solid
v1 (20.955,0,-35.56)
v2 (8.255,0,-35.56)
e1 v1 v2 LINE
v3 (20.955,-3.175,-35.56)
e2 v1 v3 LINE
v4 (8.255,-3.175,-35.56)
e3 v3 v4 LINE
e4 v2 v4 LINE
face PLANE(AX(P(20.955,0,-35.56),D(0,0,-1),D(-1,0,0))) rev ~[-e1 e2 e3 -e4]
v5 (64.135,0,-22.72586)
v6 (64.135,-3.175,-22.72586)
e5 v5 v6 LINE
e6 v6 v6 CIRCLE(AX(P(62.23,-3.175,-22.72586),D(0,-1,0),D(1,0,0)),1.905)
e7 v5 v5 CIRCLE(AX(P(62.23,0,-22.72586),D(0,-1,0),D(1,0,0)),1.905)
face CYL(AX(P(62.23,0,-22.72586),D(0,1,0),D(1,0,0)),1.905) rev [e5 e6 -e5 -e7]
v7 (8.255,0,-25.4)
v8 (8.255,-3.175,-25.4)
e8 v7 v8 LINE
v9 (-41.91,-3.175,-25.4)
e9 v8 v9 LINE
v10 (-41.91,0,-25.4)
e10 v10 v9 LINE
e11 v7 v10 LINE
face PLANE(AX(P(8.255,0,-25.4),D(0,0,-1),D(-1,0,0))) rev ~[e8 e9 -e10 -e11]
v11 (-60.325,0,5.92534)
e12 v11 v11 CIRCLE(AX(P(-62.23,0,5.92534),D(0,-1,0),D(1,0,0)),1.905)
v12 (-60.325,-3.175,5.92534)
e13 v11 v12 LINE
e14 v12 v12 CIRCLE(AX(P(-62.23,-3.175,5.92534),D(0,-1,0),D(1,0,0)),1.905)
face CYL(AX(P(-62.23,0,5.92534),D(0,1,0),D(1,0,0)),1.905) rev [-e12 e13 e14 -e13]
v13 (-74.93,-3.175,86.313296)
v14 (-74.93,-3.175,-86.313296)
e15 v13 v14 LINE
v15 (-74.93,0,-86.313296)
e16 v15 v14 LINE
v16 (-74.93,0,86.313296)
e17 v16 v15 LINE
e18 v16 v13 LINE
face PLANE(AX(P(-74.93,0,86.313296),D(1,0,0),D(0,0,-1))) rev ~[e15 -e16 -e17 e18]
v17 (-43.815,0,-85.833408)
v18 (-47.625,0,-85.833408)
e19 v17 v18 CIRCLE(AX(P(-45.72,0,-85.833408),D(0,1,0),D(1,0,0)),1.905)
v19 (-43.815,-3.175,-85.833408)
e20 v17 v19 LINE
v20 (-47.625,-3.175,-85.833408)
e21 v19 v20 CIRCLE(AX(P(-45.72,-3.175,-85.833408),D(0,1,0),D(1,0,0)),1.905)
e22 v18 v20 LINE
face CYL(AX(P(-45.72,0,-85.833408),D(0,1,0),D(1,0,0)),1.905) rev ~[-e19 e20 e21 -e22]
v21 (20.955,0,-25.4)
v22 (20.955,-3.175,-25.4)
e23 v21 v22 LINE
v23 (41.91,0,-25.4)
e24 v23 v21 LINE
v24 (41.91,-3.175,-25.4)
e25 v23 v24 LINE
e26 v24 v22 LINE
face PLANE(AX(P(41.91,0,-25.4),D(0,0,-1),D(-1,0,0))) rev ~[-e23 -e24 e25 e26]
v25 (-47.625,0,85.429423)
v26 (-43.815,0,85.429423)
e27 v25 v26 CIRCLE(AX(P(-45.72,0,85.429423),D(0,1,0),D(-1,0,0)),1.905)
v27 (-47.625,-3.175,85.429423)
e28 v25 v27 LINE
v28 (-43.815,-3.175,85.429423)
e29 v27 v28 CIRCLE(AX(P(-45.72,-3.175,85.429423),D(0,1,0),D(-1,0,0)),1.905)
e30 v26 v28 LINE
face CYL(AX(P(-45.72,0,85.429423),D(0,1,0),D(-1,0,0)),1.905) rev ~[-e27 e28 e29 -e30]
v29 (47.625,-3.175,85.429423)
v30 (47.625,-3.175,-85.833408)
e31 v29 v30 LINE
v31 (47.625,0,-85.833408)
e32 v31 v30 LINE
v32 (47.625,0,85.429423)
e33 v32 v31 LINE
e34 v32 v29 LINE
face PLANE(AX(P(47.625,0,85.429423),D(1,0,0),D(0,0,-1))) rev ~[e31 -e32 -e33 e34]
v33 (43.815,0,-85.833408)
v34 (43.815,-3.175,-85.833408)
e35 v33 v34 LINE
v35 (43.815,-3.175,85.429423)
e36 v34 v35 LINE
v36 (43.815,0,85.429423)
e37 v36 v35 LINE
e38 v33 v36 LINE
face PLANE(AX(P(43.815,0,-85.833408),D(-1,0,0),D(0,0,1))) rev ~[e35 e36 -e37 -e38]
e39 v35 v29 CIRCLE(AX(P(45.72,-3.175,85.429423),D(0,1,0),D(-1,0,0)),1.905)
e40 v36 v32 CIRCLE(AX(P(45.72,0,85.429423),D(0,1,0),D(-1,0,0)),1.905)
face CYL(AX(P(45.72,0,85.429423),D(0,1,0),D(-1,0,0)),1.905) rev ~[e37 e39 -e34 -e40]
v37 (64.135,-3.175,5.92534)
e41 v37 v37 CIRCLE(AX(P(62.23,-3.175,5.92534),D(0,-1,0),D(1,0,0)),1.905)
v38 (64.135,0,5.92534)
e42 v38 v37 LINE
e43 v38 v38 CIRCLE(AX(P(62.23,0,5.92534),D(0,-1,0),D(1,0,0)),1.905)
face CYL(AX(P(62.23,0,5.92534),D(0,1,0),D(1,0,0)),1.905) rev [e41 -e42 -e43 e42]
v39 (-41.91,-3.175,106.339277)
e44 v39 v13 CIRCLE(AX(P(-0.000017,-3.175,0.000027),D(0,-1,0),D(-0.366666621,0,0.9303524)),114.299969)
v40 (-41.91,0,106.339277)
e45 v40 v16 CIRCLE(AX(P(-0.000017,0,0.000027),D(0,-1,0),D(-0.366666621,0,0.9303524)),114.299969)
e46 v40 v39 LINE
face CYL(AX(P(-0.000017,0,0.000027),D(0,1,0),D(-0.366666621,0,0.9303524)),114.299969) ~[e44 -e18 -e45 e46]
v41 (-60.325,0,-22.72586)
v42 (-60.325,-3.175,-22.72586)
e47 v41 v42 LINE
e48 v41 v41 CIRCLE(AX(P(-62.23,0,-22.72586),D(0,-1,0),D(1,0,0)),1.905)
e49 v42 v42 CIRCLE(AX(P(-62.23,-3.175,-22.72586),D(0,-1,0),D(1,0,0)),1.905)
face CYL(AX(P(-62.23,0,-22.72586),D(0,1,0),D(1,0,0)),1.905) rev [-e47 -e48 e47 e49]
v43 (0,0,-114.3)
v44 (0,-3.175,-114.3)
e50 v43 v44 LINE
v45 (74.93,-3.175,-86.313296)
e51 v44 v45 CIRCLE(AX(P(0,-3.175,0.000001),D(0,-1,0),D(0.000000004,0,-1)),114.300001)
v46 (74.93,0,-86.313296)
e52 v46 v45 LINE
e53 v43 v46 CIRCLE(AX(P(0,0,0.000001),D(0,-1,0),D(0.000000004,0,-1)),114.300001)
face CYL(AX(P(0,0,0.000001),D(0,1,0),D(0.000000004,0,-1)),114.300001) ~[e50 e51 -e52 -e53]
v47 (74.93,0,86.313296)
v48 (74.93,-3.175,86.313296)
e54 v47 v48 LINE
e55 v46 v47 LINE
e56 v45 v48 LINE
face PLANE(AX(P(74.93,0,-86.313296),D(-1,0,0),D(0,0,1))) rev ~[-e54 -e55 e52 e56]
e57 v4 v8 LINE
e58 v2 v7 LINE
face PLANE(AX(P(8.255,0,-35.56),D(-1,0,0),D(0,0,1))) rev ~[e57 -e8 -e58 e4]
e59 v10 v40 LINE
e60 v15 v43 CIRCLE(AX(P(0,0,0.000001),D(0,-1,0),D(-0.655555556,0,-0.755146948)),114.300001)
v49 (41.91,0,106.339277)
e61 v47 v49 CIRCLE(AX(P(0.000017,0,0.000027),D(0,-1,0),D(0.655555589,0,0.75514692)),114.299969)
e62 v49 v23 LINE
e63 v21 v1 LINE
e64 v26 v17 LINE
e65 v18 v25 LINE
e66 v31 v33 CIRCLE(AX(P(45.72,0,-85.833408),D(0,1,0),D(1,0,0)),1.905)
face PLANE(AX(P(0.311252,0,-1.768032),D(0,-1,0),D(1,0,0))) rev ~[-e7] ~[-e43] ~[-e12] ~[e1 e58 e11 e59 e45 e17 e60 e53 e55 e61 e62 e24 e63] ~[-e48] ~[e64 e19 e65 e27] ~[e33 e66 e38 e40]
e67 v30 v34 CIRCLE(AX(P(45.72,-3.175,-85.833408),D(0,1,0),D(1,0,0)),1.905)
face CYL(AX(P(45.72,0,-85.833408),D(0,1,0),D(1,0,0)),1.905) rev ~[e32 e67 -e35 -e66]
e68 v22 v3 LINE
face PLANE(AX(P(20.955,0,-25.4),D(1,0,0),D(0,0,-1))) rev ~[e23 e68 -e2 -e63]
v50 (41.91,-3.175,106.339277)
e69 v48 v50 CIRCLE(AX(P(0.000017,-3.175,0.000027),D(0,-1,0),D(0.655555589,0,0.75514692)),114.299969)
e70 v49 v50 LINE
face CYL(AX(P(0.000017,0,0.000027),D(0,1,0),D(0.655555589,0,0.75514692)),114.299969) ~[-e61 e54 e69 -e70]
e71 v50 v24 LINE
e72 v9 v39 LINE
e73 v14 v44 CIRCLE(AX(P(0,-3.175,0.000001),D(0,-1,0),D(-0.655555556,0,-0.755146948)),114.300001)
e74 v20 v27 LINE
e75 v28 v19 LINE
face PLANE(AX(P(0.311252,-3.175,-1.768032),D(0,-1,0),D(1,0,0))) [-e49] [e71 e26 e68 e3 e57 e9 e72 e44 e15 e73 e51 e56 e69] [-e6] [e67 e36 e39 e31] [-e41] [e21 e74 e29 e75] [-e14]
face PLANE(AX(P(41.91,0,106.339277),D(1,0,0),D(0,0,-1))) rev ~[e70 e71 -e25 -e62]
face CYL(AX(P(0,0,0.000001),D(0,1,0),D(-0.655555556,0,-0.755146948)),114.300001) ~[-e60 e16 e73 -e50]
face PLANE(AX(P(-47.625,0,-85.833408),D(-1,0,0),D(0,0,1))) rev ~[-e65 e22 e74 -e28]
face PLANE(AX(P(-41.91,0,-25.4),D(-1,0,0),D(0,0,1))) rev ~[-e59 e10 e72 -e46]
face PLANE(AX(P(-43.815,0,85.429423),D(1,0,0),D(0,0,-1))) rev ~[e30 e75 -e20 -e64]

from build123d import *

# Parameters (mm, degrees)
F0_R     = 1.905
F1_DEPTH = 3.175


with BuildPart() as f1:
    # F0 (on Front) → F1 (new body)
    with BuildSketch(Plane.XZ):
        with BuildLine():
            Line((-41.91, -25.4), (-41.91, 106.339277))
            ThreePointArc((-41.91, 106.339277), (-59.271885, 97.730925), (-74.93, 86.313296))
            Line((-74.93, 86.313296), (-74.93, -86.313296))
            ThreePointArc((-74.93, -86.313296), (-39.993001, -107.074973), (0, -114.3))
            ThreePointArc((0, -114.3), (39.993001, -107.074973), (74.93, -86.313296))
            Line((74.93, -86.313296), (74.93, 86.313296))
            ThreePointArc((74.93, 86.313296), (59.271885, 97.730925), (41.91, 106.339277))
            Line((41.91, 106.339277), (41.91, -25.4))
            Line((41.91, -25.4), (20.955, -25.4))
            Line((20.955, -25.4), (20.955, -35.56))
            Line((20.955, -35.56), (8.255, -35.56))
            Line((8.255, -35.56), (8.255, -25.4))
            Line((8.255, -25.4), (0, -25.4))
            Line((0, -25.4), (-41.91, -25.4))
        make_face()
        with Locations((-62.23, -22.72586)):
            Circle(F0_R, mode=Mode.SUBTRACT)
        with Locations((62.23, -22.72586)):
            Circle(F0_R, mode=Mode.SUBTRACT)
        with Locations((-62.23, 5.92534)):
            Circle(F0_R, mode=Mode.SUBTRACT)
        with BuildLine():
            Line((-47.625, -85.833408), (-47.625, 85.429423))
            ThreePointArc((-47.625, 85.429423), (-45.72, 87.334423), (-43.815, 85.429423))
            Line((-43.815, 85.429423), (-43.815, -85.833408))
            ThreePointArc((-43.815, -85.833408), (-45.72, -87.738408), (-47.625, -85.833408))
        make_face(mode=Mode.SUBTRACT)
        with BuildLine():
            ThreePointArc((43.815, 85.429423), (45.72, 87.334423), (47.625, 85.429423))
            Line((47.625, 85.429423), (47.625, -85.833408))
            ThreePointArc((47.625, -85.833408), (45.72, -87.738408), (43.815, -85.833408))
            Line((43.815, -85.833408), (43.815, 85.429423))
        make_face(mode=Mode.SUBTRACT)
        with Locations((62.23, 5.92534)):
            Circle(F0_R, mode=Mode.SUBTRACT)
    extrude(amount=F1_DEPTH)


solid = f1.part
